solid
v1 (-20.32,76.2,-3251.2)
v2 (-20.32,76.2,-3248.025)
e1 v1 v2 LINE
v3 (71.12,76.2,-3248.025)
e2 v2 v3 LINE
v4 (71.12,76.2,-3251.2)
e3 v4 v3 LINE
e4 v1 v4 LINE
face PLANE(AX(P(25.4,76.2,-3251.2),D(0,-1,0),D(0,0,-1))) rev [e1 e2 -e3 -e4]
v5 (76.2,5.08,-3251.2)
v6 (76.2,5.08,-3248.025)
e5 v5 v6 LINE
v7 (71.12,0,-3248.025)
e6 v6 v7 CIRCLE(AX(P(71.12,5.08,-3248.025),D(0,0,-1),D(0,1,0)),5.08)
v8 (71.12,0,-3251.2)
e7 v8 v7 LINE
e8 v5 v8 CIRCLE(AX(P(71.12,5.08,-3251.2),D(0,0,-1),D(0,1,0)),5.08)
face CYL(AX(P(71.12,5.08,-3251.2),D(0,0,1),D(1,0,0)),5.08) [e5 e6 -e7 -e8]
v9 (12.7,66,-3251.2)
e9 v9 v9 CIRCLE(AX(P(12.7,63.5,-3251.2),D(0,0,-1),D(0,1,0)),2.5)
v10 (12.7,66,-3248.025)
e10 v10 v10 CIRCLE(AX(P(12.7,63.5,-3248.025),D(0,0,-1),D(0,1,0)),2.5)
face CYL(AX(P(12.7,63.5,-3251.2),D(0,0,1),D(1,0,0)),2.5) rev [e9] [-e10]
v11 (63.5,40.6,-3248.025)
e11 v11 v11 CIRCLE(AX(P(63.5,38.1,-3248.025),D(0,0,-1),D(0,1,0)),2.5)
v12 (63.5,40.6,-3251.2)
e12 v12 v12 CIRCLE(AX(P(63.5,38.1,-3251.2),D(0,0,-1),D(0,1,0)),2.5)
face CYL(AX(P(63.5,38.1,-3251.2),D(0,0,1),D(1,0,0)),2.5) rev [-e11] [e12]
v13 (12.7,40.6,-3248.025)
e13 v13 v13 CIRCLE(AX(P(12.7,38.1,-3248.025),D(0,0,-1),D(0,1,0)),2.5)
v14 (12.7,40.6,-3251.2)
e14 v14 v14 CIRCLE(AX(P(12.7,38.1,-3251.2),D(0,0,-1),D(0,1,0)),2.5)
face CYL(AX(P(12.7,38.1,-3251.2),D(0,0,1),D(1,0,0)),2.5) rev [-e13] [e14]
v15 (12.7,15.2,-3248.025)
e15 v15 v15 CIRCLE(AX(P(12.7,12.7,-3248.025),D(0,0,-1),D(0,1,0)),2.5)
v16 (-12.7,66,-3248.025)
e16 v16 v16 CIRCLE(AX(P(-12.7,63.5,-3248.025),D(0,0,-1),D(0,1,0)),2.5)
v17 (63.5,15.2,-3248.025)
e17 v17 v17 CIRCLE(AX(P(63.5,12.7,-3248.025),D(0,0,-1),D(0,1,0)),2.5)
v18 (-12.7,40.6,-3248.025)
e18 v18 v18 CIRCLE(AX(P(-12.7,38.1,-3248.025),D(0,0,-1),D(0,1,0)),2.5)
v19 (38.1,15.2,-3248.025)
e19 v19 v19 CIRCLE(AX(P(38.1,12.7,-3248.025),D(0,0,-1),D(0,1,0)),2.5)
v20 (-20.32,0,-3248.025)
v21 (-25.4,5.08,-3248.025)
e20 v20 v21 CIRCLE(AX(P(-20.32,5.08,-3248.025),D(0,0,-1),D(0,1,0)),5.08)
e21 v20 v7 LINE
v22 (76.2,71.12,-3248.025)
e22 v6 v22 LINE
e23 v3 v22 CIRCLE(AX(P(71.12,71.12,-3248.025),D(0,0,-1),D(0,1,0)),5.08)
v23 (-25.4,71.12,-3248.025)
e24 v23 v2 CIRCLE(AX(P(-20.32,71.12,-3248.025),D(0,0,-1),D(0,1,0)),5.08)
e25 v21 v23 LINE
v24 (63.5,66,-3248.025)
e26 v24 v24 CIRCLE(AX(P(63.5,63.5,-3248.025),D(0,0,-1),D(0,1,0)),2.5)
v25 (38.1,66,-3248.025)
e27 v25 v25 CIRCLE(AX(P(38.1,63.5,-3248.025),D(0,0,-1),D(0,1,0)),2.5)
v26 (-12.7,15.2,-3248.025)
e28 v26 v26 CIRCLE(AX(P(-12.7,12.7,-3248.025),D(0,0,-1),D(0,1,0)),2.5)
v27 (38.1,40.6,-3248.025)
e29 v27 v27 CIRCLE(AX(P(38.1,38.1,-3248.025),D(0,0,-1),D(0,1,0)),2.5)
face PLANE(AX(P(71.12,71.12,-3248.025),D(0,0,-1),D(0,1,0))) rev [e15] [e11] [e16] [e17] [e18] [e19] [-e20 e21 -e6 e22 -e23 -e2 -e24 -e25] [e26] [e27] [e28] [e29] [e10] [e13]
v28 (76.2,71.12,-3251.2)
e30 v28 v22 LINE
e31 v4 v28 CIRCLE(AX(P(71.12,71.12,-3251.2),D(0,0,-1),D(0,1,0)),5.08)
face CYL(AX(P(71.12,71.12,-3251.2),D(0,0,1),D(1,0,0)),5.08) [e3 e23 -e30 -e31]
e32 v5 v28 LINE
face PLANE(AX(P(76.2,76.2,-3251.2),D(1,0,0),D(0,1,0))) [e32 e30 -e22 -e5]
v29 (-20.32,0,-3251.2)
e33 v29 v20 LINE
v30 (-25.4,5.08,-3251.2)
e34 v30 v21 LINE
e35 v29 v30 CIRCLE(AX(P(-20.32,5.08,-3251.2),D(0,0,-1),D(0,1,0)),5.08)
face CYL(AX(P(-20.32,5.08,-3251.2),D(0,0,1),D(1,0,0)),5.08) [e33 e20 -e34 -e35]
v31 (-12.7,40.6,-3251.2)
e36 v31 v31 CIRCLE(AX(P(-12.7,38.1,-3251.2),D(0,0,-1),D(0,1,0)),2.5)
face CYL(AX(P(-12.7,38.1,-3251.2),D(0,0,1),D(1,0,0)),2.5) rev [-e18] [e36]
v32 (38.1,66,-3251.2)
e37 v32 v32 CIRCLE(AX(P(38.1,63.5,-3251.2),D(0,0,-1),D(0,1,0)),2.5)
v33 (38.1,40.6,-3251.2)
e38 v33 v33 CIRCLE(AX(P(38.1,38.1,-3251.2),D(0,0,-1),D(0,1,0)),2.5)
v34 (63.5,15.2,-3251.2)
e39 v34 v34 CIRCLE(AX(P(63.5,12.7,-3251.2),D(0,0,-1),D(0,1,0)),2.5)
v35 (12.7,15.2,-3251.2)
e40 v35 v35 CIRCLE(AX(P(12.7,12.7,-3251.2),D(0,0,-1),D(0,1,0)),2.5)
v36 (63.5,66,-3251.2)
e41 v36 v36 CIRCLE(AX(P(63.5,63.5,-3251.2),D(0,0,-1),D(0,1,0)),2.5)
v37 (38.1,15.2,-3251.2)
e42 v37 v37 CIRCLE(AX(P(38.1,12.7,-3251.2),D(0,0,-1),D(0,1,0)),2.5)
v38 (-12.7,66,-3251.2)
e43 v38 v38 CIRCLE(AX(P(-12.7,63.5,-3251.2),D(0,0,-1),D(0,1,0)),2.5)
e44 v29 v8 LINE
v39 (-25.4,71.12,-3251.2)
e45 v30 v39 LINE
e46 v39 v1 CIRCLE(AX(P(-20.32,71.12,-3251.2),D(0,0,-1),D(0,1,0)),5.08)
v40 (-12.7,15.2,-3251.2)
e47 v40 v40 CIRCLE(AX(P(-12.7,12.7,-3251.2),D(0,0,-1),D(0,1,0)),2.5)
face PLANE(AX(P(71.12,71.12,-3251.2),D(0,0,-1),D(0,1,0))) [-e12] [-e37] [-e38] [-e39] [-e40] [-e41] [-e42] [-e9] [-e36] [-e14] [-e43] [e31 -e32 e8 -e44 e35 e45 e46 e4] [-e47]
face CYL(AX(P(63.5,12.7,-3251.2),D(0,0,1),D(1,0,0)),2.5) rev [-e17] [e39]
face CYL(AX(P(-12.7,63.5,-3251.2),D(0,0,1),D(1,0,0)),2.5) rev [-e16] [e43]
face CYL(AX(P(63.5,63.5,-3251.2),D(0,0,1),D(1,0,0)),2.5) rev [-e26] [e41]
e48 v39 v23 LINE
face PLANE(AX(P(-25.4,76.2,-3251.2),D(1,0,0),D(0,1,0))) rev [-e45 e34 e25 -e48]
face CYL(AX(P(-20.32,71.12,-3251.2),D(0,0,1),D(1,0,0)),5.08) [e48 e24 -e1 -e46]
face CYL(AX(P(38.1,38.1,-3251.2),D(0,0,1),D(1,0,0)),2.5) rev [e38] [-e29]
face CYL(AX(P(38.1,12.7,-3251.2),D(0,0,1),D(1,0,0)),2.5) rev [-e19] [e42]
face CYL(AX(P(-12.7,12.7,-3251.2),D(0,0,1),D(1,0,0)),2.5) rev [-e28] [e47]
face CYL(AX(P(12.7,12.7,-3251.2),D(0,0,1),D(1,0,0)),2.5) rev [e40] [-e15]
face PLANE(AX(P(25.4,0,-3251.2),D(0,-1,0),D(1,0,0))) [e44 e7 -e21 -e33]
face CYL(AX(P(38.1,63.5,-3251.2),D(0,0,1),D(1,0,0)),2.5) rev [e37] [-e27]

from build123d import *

# Parameters (mm, degrees)
BOSS_EXTRUDE1_START = -3248.025
SKETCH1_R           = 2.5
BOSS_EXTRUDE1_DEPTH = 3.175


with BuildPart() as part:
    # Sketch1 → Boss-Extrude1 (new body)
    with BuildSketch(Plane.XY.offset(BOSS_EXTRUDE1_START)):
        with BuildLine():
            Line((71.12, 76.200000002), (-20.32, 76.200000002))
            ThreePointArc((-20.32, 76.200000002), (-23.912102448, 74.71210245), (-25.4, 71.120000002))
            Line((-25.4, 71.120000002), (-25.4, 5.08))
            ThreePointArc((-25.4, 5.08), (-23.912102448, 1.487897552), (-20.32, 0))
            Line((-20.32, 0), (71.12, 0))
            ThreePointArc((71.12, 0), (74.712102448, 1.487897552), (76.2, 5.08))
            Line((76.2, 5.08), (76.2, 71.120000002))
            ThreePointArc((76.2, 71.120000002), (74.712102448, 74.71210245), (71.12, 76.200000002))
        make_face()
        with Locations(Location((63.5, 63.5, 0), (0, 0, 90))):
            Circle(SKETCH1_R, mode=Mode.SUBTRACT)
        with Locations(Location((63.5, 38.1, 0), (0, 0, 90))):
            Circle(SKETCH1_R, mode=Mode.SUBTRACT)
        with Locations(Location((-12.7, 63.5, 0), (0, 0, 90))):
            Circle(SKETCH1_R, mode=Mode.SUBTRACT)
        with Locations(Location((12.7, 63.5, 0), (0, 0, 90))):
            Circle(SKETCH1_R, mode=Mode.SUBTRACT)
        with Locations(Location((38.1, 63.5, 0), (0, 0, 90))):
            Circle(SKETCH1_R, mode=Mode.SUBTRACT)
        with Locations(Location((-12.7, 38.1, 0), (0, 0, 90))):
            Circle(SKETCH1_R, mode=Mode.SUBTRACT)
        with Locations(Location((12.7, 38.1, 0), (0, 0, 90))):
            Circle(SKETCH1_R, mode=Mode.SUBTRACT)
        with Locations(Location((38.1, 38.1, 0), (0, 0, 90))):
            Circle(SKETCH1_R, mode=Mode.SUBTRACT)
        with Locations(Location((38.1, 12.7, 0), (0, 0, 90))):
            Circle(SKETCH1_R, mode=Mode.SUBTRACT)
        with Locations(Location((12.7, 12.7, 0), (0, 0, 90))):
            Circle(SKETCH1_R, mode=Mode.SUBTRACT)
        with Locations(Location((-12.7, 12.7, 0), (0, 0, 90))):
            Circle(SKETCH1_R, mode=Mode.SUBTRACT)
        with Locations(Location((63.5, 12.7, 0), (0, 0, 90))):
            Circle(SKETCH1_R, mode=Mode.SUBTRACT)
    extrude(amount=-BOSS_EXTRUDE1_DEPTH)


solid = part.part
